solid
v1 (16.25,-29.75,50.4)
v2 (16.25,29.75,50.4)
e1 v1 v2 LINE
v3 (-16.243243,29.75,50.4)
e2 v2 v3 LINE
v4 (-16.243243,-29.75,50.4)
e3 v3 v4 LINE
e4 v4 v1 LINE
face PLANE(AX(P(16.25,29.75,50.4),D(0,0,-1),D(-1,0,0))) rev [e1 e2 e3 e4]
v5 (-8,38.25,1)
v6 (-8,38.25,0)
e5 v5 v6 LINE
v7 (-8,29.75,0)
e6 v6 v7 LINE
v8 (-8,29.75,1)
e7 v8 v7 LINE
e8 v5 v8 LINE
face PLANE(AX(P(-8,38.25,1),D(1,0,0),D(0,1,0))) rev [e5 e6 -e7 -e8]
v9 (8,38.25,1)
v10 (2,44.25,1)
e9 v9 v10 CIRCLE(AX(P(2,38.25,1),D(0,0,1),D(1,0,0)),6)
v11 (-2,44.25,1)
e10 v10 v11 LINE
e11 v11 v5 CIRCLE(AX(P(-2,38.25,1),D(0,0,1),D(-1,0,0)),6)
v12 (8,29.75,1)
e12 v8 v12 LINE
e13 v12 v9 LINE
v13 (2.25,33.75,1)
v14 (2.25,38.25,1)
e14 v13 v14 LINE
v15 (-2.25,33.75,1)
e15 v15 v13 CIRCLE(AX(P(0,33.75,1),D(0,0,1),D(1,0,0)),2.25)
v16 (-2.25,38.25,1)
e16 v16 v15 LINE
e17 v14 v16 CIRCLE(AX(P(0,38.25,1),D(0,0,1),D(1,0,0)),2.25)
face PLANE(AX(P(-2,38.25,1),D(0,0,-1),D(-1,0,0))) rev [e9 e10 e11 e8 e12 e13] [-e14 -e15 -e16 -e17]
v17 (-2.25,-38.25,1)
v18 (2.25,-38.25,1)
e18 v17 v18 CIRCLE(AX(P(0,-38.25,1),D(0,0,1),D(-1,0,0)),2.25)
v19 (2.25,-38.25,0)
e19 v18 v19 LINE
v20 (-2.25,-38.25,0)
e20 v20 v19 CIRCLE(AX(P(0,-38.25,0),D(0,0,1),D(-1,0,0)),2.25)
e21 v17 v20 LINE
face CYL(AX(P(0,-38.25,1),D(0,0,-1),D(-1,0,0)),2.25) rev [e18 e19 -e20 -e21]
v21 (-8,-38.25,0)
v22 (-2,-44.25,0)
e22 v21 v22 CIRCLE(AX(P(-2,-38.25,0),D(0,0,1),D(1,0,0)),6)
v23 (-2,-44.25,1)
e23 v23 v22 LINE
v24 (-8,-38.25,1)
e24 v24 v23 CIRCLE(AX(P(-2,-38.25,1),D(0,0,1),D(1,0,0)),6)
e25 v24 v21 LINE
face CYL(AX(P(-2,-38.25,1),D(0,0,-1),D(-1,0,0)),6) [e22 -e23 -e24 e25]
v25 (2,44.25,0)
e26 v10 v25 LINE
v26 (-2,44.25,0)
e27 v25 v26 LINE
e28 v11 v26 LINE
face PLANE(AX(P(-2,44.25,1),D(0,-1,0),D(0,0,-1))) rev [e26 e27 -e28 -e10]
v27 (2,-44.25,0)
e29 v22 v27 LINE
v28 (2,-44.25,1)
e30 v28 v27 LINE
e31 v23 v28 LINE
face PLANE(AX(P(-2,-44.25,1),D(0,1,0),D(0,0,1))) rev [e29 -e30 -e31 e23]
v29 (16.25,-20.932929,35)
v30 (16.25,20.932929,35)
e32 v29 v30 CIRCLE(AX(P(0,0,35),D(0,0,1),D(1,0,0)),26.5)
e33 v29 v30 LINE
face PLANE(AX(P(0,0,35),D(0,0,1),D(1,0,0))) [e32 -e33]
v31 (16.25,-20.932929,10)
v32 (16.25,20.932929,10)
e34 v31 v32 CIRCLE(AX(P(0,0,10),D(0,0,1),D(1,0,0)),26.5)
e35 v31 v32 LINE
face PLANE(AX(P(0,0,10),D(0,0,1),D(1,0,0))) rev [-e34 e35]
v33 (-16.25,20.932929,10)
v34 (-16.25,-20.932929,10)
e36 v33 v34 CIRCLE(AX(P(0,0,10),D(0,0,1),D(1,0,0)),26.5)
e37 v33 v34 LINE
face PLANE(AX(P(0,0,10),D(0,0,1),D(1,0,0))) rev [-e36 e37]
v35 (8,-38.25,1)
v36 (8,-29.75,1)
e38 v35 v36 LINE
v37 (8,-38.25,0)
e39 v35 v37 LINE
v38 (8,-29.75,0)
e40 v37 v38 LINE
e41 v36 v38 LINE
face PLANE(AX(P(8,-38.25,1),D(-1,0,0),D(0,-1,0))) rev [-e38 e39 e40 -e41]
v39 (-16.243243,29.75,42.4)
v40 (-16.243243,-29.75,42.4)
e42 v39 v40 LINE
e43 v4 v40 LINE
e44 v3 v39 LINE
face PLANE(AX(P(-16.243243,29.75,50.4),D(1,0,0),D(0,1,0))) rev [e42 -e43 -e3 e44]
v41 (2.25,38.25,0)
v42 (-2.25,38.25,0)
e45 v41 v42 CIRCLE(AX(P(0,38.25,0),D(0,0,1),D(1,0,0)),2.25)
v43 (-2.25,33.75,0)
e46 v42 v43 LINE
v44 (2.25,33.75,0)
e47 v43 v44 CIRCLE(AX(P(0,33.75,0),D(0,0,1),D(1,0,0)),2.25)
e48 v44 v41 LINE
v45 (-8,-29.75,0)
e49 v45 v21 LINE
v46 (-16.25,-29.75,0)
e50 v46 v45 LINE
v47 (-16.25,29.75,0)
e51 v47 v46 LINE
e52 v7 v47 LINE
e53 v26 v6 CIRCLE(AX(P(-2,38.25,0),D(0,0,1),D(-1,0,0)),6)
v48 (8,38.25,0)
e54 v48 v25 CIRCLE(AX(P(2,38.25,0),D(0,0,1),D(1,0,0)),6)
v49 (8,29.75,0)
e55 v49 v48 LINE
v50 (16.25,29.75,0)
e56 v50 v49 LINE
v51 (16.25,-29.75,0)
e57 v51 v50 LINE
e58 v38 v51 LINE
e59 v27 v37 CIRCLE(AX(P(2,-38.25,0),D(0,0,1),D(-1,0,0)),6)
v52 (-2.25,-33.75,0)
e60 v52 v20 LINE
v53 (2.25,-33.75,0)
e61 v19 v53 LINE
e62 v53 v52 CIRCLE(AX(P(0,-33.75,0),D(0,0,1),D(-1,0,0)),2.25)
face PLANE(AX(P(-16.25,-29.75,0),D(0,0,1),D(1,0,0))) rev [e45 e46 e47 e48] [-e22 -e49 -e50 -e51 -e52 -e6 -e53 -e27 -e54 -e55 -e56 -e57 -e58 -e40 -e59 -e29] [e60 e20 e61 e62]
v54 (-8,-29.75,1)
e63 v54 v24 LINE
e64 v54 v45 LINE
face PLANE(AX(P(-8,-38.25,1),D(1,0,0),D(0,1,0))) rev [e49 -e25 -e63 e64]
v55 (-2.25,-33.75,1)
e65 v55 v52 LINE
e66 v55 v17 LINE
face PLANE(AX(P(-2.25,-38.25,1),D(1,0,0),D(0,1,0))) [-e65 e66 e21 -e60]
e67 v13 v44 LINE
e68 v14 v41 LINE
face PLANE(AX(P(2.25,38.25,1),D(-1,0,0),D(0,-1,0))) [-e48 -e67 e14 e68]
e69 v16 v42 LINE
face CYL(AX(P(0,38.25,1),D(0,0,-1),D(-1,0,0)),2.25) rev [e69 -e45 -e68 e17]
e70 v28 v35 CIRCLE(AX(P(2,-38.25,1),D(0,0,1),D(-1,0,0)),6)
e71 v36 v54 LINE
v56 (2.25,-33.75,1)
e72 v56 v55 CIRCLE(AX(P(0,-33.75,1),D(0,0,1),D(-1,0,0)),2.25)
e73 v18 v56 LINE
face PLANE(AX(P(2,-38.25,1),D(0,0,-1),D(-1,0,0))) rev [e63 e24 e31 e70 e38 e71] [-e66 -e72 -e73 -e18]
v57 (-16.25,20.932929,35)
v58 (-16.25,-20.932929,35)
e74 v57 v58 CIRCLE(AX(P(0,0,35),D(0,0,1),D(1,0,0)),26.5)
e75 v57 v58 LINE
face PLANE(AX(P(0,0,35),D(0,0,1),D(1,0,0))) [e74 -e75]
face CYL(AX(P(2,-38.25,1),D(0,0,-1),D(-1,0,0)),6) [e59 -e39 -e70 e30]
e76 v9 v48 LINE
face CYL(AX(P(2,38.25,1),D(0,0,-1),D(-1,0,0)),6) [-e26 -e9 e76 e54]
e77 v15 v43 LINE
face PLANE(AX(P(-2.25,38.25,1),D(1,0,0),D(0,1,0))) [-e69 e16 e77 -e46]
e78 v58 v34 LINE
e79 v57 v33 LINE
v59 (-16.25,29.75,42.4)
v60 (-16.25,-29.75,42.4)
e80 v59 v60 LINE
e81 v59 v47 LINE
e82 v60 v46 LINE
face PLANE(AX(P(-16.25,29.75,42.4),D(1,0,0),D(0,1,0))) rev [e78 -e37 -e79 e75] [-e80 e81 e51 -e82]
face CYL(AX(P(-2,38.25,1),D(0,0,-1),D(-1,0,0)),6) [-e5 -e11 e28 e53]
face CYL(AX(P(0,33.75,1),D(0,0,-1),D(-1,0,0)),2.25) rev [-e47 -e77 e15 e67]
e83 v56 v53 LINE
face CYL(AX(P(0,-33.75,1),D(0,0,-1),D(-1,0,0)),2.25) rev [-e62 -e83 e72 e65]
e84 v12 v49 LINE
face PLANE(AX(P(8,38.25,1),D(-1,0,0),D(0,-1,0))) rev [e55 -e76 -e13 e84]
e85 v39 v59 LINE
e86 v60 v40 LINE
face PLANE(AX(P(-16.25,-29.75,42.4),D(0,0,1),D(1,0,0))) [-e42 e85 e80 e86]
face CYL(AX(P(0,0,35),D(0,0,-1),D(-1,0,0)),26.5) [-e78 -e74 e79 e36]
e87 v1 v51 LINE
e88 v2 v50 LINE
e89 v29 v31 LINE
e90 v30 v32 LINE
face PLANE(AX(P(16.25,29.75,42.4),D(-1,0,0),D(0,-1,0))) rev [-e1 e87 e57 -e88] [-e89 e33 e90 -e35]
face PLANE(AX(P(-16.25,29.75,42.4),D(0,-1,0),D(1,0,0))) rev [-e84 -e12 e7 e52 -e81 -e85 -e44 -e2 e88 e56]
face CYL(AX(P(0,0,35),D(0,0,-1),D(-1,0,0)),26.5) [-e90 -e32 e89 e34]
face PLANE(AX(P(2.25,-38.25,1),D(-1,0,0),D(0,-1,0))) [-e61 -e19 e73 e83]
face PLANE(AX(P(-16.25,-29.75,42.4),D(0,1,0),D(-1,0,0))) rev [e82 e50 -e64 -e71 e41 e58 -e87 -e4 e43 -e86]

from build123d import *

# Parameters (mm, degrees)
SKETCH_1_W      = 32.5
SKETCH_1_H      = 59.5
EXTRUDE_1_DEPTH = 42.4
EXTRUDE_2_DEPTH = 25
EXTRUDE_3_DEPTH = 1
SKETCH_5_W      = 32.493243018
SKETCH_5_H      = 59.5
EXTRUDE_5_DEPTH = 8


with BuildPart() as part:
    # 草图1 → 拉伸1 (new body)
    with BuildSketch(Plane.XY):
        Rectangle(SKETCH_1_W, SKETCH_1_H)
    extrude(amount=EXTRUDE_1_DEPTH)

    # 草图2 → 拉伸2 (add)
    with BuildSketch(Plane.XY.offset(10)):
        with BuildLine():
            Line((-16.25, 20.932928605), (16.25, 20.932928605))
            ThreePointArc((16.25, 20.932928605), (26.5, 0), (16.25, -20.932928605))
            Line((16.25, -20.932928605), (-16.25, -20.932928605))
            ThreePointArc((-16.25, -20.932928605), (-26.5, 0), (-16.25, 20.932928605))
        make_face()
    extrude(amount=EXTRUDE_2_DEPTH)

    # 草图4 → 拉伸3 (add)
    # profile 1 of 2: a face of its own
    with BuildSketch(Plane.XY):
        with BuildLine():
            Line((-2, 44.25), (2, 44.25))
            ThreePointArc((2, 44.25), (6.242640687, 42.492640687), (8, 38.25))
            Line((8, 38.25), (8, 29.75))
            Line((8, 29.75), (-8, 29.75))
            Line((-8, 29.75), (-8, 38.25))
            ThreePointArc((-8, 38.25), (-6.242640687, 42.492640687), (-2, 44.25))
        make_face()
        with BuildLine():
            Line((-2.25, 38.25), (-2.25, 33.75))
            ThreePointArc((-2.25, 33.75), (0, 31.5), (2.25, 33.75))
            Line((2.25, 33.75), (2.25, 38.25))
            ThreePointArc((2.25, 38.25), (0, 40.5), (-2.25, 38.25))
        make_face(mode=Mode.SUBTRACT)
    # profile 2 of 2: a face of its own
    with BuildSketch(Plane.XY):
        with BuildLine():
            Line((-2, -44.25), (2, -44.25))
            ThreePointArc((2, -44.25), (6.242640687, -42.492640687), (8, -38.25))
            Line((8, -38.25), (8, -29.75))
            Line((8, -29.75), (-8, -29.75))
            Line((-8, -29.75), (-8, -38.25))
            ThreePointArc((-8, -38.25), (-6.242640687, -42.492640687), (-2, -44.25))
        make_face()
        with BuildLine():
            Line((2.25, -38.25), (2.25, -33.75))
            ThreePointArc((2.25, -33.75), (0, -31.5), (-2.25, -33.75))
            Line((-2.25, -33.75), (-2.25, -38.25))
            ThreePointArc((-2.25, -38.25), (0, -40.5), (2.25, -38.25))
        make_face(mode=Mode.SUBTRACT)
    extrude(amount=EXTRUDE_3_DEPTH)

    # 草图5 → 拉伸5 (add)
    with BuildSketch(Plane.XY.offset(42.4)):
        with Locations((0.003378491, 0)):
            Rectangle(SKETCH_5_W, SKETCH_5_H)
    extrude(amount=EXTRUDE_5_DEPTH)


solid = part.part
